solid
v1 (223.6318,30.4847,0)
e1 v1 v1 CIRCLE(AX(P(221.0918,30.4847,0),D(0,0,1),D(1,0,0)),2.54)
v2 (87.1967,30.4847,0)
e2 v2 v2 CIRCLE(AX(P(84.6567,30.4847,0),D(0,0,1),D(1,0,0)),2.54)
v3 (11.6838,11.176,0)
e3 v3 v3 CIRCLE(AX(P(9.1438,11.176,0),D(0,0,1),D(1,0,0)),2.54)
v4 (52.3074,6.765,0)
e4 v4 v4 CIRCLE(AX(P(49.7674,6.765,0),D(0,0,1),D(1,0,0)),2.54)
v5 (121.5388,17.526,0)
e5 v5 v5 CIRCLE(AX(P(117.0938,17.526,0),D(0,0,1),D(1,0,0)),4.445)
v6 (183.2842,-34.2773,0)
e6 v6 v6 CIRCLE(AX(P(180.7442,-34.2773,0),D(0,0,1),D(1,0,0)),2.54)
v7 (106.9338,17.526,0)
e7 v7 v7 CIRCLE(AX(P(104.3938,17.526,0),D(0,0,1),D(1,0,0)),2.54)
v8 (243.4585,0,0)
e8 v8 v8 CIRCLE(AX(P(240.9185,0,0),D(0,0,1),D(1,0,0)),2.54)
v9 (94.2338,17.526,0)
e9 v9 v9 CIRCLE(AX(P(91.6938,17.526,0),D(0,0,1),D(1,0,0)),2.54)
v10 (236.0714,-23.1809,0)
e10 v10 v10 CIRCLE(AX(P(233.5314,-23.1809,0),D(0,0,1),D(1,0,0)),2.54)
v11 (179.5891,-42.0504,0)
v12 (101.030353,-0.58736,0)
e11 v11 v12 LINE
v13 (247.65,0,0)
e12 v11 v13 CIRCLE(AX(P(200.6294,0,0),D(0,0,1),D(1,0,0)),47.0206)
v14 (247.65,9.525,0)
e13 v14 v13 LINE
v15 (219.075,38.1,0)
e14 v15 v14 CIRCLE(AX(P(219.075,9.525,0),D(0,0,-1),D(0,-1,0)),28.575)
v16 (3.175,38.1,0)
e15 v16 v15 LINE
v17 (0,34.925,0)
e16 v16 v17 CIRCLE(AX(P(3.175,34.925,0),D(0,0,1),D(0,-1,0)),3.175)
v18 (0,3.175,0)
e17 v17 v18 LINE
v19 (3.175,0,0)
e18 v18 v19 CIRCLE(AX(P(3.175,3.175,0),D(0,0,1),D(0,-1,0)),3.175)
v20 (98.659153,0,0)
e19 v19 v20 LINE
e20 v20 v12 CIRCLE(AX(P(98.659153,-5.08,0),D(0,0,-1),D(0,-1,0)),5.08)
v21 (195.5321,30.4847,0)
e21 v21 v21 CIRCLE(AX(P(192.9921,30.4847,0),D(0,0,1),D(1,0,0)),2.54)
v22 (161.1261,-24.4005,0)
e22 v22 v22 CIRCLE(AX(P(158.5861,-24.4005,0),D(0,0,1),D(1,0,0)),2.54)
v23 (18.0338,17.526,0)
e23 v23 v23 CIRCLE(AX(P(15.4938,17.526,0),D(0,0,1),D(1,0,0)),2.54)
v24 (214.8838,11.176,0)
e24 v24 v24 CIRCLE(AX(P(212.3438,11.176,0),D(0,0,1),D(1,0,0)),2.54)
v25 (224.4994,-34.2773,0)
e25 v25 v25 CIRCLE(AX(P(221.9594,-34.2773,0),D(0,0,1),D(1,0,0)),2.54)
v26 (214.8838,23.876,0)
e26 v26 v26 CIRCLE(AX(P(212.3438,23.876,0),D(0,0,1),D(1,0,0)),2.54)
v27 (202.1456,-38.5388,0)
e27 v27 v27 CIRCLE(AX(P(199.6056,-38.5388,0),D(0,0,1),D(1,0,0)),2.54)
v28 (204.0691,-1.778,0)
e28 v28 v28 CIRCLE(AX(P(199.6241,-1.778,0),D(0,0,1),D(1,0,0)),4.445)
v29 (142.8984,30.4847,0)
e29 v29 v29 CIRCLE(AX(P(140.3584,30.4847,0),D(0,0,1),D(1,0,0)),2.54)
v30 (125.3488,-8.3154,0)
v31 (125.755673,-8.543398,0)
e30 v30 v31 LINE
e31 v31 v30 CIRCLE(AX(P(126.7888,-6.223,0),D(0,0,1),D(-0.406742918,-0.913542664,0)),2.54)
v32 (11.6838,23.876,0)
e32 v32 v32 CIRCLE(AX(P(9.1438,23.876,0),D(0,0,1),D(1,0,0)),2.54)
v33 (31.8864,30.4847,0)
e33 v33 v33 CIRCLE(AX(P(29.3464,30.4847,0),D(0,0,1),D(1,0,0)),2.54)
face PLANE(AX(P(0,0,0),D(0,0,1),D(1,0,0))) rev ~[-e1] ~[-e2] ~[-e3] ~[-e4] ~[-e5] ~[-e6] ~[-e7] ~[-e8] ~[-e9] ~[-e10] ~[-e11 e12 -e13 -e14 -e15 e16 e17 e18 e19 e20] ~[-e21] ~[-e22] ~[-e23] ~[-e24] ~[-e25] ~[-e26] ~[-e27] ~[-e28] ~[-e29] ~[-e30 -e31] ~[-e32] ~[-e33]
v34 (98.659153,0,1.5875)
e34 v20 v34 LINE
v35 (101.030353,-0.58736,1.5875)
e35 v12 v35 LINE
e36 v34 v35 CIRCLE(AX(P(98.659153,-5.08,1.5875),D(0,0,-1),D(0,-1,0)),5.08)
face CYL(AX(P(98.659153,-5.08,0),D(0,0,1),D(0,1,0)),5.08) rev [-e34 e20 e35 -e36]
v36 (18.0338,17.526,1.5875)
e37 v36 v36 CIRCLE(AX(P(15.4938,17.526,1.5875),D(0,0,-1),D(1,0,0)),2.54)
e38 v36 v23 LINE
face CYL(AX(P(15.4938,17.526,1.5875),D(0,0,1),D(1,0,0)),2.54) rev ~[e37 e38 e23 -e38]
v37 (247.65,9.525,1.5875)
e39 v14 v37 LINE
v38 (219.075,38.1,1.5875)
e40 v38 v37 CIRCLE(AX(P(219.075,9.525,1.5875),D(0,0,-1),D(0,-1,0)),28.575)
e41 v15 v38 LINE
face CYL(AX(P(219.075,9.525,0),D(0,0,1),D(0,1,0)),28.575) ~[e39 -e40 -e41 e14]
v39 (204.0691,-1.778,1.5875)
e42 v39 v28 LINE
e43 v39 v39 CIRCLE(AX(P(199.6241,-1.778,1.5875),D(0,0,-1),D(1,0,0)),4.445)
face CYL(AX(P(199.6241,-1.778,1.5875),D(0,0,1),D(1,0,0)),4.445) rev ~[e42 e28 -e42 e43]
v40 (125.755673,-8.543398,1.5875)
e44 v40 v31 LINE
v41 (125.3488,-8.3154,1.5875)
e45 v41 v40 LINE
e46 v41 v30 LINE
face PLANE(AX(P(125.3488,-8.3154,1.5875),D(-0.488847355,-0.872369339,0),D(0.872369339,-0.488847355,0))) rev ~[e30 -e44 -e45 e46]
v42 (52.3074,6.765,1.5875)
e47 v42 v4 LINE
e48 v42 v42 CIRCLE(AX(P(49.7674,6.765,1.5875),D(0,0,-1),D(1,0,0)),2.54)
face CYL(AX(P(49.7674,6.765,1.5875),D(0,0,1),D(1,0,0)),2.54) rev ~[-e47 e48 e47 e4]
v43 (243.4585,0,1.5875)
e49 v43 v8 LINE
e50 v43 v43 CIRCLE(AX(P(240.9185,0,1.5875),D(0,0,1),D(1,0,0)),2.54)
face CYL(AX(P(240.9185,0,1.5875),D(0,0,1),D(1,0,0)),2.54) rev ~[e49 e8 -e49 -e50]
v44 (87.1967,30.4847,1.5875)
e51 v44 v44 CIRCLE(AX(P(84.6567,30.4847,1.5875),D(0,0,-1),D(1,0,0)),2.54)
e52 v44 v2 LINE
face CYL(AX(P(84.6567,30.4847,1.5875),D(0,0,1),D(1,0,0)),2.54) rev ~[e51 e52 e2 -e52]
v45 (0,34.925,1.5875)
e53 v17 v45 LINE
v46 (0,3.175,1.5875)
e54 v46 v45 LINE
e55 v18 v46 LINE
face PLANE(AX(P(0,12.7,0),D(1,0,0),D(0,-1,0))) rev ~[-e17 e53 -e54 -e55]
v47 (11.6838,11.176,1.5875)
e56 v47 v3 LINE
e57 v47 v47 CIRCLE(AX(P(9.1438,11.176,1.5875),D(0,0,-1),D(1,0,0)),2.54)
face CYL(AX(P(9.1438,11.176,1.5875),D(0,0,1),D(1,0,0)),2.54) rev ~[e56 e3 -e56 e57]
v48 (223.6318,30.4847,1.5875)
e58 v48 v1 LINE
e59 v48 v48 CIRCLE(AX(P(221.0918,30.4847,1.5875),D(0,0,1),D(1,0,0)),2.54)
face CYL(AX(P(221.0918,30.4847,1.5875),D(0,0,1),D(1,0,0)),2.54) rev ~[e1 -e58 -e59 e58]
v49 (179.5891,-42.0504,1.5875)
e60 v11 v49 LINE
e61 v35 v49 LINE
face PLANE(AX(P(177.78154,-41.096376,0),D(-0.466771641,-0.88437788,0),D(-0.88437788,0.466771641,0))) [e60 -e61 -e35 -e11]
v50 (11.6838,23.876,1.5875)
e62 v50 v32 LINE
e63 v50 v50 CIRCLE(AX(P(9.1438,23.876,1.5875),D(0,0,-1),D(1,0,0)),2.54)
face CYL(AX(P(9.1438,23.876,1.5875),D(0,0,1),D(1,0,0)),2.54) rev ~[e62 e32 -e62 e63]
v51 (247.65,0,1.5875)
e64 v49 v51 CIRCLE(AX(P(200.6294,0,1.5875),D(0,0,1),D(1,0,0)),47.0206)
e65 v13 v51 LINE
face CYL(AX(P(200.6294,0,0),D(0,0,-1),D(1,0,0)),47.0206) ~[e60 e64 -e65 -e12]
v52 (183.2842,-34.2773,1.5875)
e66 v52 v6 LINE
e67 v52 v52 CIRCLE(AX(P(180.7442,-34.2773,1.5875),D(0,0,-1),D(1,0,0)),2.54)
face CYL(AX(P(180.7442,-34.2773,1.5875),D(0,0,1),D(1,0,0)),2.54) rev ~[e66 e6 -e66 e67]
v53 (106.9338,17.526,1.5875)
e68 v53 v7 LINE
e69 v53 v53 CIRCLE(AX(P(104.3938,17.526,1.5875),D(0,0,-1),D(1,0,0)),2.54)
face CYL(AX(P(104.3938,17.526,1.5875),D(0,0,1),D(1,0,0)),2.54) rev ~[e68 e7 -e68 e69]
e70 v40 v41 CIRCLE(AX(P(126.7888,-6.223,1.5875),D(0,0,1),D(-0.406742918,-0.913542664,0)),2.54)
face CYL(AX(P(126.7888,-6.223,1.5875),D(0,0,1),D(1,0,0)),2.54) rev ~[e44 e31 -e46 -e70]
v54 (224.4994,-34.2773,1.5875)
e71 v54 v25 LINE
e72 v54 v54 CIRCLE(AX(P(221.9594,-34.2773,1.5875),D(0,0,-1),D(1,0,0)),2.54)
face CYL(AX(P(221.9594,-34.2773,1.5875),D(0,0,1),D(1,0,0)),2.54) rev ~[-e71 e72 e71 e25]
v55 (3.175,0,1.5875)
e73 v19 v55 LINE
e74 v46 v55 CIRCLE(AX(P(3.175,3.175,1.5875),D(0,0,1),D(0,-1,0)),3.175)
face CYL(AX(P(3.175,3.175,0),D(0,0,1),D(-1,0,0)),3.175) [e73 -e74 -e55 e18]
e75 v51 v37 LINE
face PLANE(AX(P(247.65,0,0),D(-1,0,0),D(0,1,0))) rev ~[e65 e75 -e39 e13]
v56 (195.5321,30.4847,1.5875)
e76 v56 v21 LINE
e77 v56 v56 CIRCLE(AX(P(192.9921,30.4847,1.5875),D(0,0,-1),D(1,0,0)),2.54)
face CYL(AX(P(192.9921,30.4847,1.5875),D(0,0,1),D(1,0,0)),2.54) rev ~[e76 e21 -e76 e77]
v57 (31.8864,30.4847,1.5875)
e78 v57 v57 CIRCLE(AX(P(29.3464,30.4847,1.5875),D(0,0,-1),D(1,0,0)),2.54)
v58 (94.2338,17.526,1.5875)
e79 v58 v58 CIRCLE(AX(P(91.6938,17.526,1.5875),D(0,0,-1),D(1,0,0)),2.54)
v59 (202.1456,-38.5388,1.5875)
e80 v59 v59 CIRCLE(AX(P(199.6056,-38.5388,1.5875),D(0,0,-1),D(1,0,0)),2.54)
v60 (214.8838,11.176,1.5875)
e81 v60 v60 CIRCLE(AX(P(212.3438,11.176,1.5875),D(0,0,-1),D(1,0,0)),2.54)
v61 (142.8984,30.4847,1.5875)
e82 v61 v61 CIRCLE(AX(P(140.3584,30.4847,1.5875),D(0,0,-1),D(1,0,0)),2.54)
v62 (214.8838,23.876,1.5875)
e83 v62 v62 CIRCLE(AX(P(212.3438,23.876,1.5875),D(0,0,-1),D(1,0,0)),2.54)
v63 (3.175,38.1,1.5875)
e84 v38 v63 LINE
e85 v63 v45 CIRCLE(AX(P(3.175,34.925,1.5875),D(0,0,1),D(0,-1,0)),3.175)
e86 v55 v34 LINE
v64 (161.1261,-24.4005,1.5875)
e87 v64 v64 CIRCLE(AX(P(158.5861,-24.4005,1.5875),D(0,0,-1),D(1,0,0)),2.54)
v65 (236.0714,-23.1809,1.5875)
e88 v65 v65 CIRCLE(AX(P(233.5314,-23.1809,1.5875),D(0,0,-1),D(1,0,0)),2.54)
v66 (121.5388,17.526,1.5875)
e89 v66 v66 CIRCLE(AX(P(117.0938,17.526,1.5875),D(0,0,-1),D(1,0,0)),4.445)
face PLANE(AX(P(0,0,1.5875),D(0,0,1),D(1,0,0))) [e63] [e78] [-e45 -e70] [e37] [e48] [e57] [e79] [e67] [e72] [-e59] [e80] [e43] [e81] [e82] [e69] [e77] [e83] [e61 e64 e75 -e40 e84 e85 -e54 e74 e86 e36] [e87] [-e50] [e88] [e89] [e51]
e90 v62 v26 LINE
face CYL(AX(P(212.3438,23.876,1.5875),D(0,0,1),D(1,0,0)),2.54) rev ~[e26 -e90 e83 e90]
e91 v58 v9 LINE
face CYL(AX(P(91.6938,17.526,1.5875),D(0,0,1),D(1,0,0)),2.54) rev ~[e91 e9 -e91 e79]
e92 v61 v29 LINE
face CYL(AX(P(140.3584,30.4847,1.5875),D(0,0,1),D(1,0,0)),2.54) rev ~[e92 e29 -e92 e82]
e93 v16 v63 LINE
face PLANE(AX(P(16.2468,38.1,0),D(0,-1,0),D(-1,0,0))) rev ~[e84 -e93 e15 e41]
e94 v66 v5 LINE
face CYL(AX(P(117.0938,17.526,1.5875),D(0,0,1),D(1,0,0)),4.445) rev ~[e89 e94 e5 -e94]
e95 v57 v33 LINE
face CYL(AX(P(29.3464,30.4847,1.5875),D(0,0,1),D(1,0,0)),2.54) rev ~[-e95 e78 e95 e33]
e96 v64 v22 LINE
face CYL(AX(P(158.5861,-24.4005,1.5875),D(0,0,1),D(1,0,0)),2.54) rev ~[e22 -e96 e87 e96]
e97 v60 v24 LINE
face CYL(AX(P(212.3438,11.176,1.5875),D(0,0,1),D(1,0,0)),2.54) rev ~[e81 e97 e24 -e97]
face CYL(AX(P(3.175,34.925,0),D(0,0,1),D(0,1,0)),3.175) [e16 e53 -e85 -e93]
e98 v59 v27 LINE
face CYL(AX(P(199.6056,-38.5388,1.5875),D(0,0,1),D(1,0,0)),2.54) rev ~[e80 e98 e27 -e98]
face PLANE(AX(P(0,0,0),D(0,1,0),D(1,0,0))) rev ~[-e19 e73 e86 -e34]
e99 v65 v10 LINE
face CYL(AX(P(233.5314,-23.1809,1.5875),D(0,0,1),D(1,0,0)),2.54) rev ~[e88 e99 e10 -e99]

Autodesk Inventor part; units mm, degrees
ref_plane "YZ Plane" through (0, 0, 0) normal (1, 0, 0) x (0, 1, 0)
ref_plane "XZ Plane" through (0, 0, 0) normal (0, 1, 0) x (-1, 0, 0)
ref_plane "XY Plane" through (0, 0, 0) normal (0, 0, 1) x (1, 0, 0)
sketch "Sketch1" plane through (0, 0, 0) normal (0, 0, 1) x (1, 0, 0)
  line L0 (0, 0) -> (247.65, 0)
  line L1 (247.65, 0) -> (247.65, 38.1)
  line L2 (247.65, 38.1) -> (0, 38.1)
  line L3 (0, 38.1) -> (0, 0)
  line L4 (286.1616, 0) -> (255.1962, 0)
  line L5 (255.1962, 0) -> (255.1962, 12.7)
  line L6 (255.1962, 12.7) -> (286.1616, 12.7)
  line L7 (286.1616, 12.7) -> (286.1616, 0)
  line L8 (247.65, 12.7) -> (200.66, 12.7)
  circle A0 centre (200.6294, 0) radius 47.0206
  line L9 (16.2468, 38.1) -> (16.2468, 12.7)
  line L10 (16.2468, 12.7) -> (155.3565, 12.7)
  line L11 (0, 12.7) -> (17.7951, 12.7)
  line L12 (179.5891, -42.0504) -> (75.8552, 12.7)
  point P0 (99.9175, 0)
  dimension "d0" = 247.65
  dimension "d1" = 38.1
  dimension "d2" = 12.7
  dimension "d3" = 30.9654
  dimension "d4" = 46.99
  dimension "d10" = 25.4
extrude "Extrusion1" add sketch "Sketch1" along normal blind 1.5875 contours L3 L11 L10 L12 L0 | L12 L10 A0 L0 | L0 A0 L12 | L3 L2 L9 L11 | A0 L2 L0 | L0 A0 L12 | L10 L9 L2 A0 | A0 L8 L1 | L8 A0 L2 L1
fillet "Fillet1" radius 28.575 1 edges at (247.65, 38.1, 0.7937)
fillet "Fillet2" radius 3.175 1 edges at (0, 38.1, 0.7937)
fillet "Fillet4" radius 3.175 1 edges at (0, 0, 0.7937)
fillet "Fillet5" radius 5.08 1 edges at (99.9175, 0, 0.7937)
sketch "Sketch3" plane through (0, 0, 1.5875) normal (0, 0, 1) x (1, 0, 0)
  line L0 (9.1438, 0) -> (9.1438, 11.176)
  line L1 (9.1438, 11.176) -> (-0.0002, 11.176)
  circle A0 centre (9.1438, 11.176) radius 2.54
  line L2 (9.1438, 11.176) -> (9.1438, 23.876)
  circle A1 centre (9.1438, 23.876) radius 2.54
  line L3 (9.1438, 17.526) -> (15.4938, 17.526)
  circle A2 centre (15.4938, 17.526) radius 2.54
  line L4 (15.4938, 17.526) -> (91.6938, 17.526)
  circle A3 centre (91.6938, 17.526) radius 2.54
  line L5 (91.6938, 17.526) -> (104.3938, 17.526)
  circle A4 centre (104.3938, 17.526) radius 2.54
  line L6 (104.3938, 17.526) -> (117.0938, 17.526)
  circle A5 centre (117.0938, 17.526) radius 4.445
  line L7 (9.1438, 11.176) -> (212.3438, 11.176)
  line L8 (9.1438, 23.876) -> (212.3438, 23.876)
  circle A6 centre (212.3438, 23.876) radius 2.54
  circle A7 centre (212.3438, 11.176) radius 2.54
  line L9 (125.3488, -8.3154) -> (158.5861, -26.9405)
  line L10 (158.5861, -26.9405) -> (180.7442, -39.3573)
  circle A8 centre (29.3464, 30.4847) radius 2.54
  circle A9 centre (84.6567, 30.4847) radius 2.54
  circle A10 centre (140.3584, 30.4847) radius 2.54
  circle A11 centre (192.9921, 30.4847) radius 2.54
  arc A12 (101.0303, -0.5874) -> (98.6591, 0) centre (98.6591, -5.08) ccw projected
  line L11 (98.6591, 0) -> (199.6241, 0)
  line L12 (199.6241, 0) -> (199.6241, -1.778)
  circle A13 centre (199.6241, -1.778) radius 4.445
  line L13 (219.075, 38.1) -> (3.175, 38.1) projected
  line L14 (140.3584, 38.1) -> (140.3584, 30.4847)
  line L15 (192.9921, 38.1) -> (192.9921, 30.4847)
  line L16 (84.6567, 38.1) -> (84.6567, 30.4847)
  line L17 (29.3464, 38.1) -> (29.3464, 30.4847)
  line L18 (221.0918, 31.9182) -> (221.0918, 30.4847)
  circle A14 centre (221.0918, 30.4847) radius 2.54
  line L19 (158.5861, -26.9405) -> (158.5861, -24.4005)
  circle A15 centre (158.5861, -24.4005) radius 2.54
  arc A16 (156.3864, -25.6705) -> (156.3703, -25.6989) centre (158.5861, -26.9405) ccw
  line L20 (180.7442, -39.3573) -> (180.7442, -34.2773)
  circle A17 centre (180.7442, -34.2773) radius 2.54
  line L21 (199.6056, -43.6188) -> (199.6056, -38.5388)
  circle A18 centre (199.6056, -38.5388) radius 2.54
  line L22 (223.6318, -36.189) -> (221.9594, -34.2773)
  circle A19 centre (221.9594, -34.2773) radius 2.54
  line L23 (235.2038, -25.0926) -> (233.5314, -23.1809)
  circle A20 centre (233.5314, -23.1809) radius 2.54
  line L24 (243.4585, 0) -> (240.9185, 0)
  circle A21 centre (240.9185, 0) radius 2.54
  line L25 (125.3488, -8.3154) -> (126.7888, -6.223)
  circle A22 centre (126.7888, -6.223) radius 2.54
  line L26 (49.7674, 4.225) -> (49.7674, 6.765)
  circle A23 centre (49.7674, 6.765) radius 2.54
  point P0 (0, 0)
  point P1 (94.2338, 17.526)
  point P2 (89.1538, 17.526)
  point P3 (6.6038, 11.176)
  point P4 (9.1438, 8.636)
  point P5 (18.0338, 17.526)
  point P6 (12.9538, 17.526)
  point P7 (11.6838, 23.876)
  point P8 (9.1438, 21.336)
  point P9 (125.756, -8.5435)
  dimension "d53" = 5.08
  dimension "d14" = 11.176
  dimension "d15" = 9.144
  dimension "d16" = 5.08
  dimension "d17" = 12.7
  dimension "d18" = 5.08
  dimension "d19" = 6.35
  dimension "d20" = 5.08
  dimension "d21" = 76.2
  dimension "d22" = 5.08
  dimension "d23" = 12.7
  dimension "d24" = 5.08
  dimension "d25" = 12.7
  dimension "d26" = 8.89
  dimension "d27" = 203.2
  dimension "d28" = 203.2
  dimension "d29" = 5.08
  dimension "d30" = 5.08
  dimension "d32" = 38.1
  dimension "d34" = 25.4
  dimension "d40" = 5.08
  dimension "d41" = 5.08
  dimension "d42" = 5.08
  dimension "d43" = 5.08
  dimension "d48" = 100.965
  dimension "d50" = 1.778
  dimension "d51" = 8.89
  dimension "d52" = 5.08
  dimension "d54" = 5.08
  dimension "d55" = 5.08
  dimension "d56" = 5.08
  dimension "d57" = 5.08
  dimension "d58" = 5.08
  dimension "d59" = 5.08
  dimension "d60" = 5.08
  dimension "d61" = 5.08
  dimension "d62" = 5.08
extrude "Extrusion2" cut sketch "Sketch3" against normal blind 25.4 contours A0 L1 L0 | A6 | A1 L8 L2 | L2 L8 A1 | A5 | A4 L6 L5 | L5 L6 A4 | A3 L5 L4 | L4 L5 A3 | A2 L4 L3 | L3 L4 A2 | A7 | L0 L7 A0 | L1 A0 L2 | L2 A0 L7 | A22 L9 | A17 | A15 L9 | L9 A15 | A8 | A11 | A10 | A9 | A13 | A14 | A18 | A19 | A20 | A21 | A23 picked at (125.3936, -5.8122)
properties part number "intake sled v5"
